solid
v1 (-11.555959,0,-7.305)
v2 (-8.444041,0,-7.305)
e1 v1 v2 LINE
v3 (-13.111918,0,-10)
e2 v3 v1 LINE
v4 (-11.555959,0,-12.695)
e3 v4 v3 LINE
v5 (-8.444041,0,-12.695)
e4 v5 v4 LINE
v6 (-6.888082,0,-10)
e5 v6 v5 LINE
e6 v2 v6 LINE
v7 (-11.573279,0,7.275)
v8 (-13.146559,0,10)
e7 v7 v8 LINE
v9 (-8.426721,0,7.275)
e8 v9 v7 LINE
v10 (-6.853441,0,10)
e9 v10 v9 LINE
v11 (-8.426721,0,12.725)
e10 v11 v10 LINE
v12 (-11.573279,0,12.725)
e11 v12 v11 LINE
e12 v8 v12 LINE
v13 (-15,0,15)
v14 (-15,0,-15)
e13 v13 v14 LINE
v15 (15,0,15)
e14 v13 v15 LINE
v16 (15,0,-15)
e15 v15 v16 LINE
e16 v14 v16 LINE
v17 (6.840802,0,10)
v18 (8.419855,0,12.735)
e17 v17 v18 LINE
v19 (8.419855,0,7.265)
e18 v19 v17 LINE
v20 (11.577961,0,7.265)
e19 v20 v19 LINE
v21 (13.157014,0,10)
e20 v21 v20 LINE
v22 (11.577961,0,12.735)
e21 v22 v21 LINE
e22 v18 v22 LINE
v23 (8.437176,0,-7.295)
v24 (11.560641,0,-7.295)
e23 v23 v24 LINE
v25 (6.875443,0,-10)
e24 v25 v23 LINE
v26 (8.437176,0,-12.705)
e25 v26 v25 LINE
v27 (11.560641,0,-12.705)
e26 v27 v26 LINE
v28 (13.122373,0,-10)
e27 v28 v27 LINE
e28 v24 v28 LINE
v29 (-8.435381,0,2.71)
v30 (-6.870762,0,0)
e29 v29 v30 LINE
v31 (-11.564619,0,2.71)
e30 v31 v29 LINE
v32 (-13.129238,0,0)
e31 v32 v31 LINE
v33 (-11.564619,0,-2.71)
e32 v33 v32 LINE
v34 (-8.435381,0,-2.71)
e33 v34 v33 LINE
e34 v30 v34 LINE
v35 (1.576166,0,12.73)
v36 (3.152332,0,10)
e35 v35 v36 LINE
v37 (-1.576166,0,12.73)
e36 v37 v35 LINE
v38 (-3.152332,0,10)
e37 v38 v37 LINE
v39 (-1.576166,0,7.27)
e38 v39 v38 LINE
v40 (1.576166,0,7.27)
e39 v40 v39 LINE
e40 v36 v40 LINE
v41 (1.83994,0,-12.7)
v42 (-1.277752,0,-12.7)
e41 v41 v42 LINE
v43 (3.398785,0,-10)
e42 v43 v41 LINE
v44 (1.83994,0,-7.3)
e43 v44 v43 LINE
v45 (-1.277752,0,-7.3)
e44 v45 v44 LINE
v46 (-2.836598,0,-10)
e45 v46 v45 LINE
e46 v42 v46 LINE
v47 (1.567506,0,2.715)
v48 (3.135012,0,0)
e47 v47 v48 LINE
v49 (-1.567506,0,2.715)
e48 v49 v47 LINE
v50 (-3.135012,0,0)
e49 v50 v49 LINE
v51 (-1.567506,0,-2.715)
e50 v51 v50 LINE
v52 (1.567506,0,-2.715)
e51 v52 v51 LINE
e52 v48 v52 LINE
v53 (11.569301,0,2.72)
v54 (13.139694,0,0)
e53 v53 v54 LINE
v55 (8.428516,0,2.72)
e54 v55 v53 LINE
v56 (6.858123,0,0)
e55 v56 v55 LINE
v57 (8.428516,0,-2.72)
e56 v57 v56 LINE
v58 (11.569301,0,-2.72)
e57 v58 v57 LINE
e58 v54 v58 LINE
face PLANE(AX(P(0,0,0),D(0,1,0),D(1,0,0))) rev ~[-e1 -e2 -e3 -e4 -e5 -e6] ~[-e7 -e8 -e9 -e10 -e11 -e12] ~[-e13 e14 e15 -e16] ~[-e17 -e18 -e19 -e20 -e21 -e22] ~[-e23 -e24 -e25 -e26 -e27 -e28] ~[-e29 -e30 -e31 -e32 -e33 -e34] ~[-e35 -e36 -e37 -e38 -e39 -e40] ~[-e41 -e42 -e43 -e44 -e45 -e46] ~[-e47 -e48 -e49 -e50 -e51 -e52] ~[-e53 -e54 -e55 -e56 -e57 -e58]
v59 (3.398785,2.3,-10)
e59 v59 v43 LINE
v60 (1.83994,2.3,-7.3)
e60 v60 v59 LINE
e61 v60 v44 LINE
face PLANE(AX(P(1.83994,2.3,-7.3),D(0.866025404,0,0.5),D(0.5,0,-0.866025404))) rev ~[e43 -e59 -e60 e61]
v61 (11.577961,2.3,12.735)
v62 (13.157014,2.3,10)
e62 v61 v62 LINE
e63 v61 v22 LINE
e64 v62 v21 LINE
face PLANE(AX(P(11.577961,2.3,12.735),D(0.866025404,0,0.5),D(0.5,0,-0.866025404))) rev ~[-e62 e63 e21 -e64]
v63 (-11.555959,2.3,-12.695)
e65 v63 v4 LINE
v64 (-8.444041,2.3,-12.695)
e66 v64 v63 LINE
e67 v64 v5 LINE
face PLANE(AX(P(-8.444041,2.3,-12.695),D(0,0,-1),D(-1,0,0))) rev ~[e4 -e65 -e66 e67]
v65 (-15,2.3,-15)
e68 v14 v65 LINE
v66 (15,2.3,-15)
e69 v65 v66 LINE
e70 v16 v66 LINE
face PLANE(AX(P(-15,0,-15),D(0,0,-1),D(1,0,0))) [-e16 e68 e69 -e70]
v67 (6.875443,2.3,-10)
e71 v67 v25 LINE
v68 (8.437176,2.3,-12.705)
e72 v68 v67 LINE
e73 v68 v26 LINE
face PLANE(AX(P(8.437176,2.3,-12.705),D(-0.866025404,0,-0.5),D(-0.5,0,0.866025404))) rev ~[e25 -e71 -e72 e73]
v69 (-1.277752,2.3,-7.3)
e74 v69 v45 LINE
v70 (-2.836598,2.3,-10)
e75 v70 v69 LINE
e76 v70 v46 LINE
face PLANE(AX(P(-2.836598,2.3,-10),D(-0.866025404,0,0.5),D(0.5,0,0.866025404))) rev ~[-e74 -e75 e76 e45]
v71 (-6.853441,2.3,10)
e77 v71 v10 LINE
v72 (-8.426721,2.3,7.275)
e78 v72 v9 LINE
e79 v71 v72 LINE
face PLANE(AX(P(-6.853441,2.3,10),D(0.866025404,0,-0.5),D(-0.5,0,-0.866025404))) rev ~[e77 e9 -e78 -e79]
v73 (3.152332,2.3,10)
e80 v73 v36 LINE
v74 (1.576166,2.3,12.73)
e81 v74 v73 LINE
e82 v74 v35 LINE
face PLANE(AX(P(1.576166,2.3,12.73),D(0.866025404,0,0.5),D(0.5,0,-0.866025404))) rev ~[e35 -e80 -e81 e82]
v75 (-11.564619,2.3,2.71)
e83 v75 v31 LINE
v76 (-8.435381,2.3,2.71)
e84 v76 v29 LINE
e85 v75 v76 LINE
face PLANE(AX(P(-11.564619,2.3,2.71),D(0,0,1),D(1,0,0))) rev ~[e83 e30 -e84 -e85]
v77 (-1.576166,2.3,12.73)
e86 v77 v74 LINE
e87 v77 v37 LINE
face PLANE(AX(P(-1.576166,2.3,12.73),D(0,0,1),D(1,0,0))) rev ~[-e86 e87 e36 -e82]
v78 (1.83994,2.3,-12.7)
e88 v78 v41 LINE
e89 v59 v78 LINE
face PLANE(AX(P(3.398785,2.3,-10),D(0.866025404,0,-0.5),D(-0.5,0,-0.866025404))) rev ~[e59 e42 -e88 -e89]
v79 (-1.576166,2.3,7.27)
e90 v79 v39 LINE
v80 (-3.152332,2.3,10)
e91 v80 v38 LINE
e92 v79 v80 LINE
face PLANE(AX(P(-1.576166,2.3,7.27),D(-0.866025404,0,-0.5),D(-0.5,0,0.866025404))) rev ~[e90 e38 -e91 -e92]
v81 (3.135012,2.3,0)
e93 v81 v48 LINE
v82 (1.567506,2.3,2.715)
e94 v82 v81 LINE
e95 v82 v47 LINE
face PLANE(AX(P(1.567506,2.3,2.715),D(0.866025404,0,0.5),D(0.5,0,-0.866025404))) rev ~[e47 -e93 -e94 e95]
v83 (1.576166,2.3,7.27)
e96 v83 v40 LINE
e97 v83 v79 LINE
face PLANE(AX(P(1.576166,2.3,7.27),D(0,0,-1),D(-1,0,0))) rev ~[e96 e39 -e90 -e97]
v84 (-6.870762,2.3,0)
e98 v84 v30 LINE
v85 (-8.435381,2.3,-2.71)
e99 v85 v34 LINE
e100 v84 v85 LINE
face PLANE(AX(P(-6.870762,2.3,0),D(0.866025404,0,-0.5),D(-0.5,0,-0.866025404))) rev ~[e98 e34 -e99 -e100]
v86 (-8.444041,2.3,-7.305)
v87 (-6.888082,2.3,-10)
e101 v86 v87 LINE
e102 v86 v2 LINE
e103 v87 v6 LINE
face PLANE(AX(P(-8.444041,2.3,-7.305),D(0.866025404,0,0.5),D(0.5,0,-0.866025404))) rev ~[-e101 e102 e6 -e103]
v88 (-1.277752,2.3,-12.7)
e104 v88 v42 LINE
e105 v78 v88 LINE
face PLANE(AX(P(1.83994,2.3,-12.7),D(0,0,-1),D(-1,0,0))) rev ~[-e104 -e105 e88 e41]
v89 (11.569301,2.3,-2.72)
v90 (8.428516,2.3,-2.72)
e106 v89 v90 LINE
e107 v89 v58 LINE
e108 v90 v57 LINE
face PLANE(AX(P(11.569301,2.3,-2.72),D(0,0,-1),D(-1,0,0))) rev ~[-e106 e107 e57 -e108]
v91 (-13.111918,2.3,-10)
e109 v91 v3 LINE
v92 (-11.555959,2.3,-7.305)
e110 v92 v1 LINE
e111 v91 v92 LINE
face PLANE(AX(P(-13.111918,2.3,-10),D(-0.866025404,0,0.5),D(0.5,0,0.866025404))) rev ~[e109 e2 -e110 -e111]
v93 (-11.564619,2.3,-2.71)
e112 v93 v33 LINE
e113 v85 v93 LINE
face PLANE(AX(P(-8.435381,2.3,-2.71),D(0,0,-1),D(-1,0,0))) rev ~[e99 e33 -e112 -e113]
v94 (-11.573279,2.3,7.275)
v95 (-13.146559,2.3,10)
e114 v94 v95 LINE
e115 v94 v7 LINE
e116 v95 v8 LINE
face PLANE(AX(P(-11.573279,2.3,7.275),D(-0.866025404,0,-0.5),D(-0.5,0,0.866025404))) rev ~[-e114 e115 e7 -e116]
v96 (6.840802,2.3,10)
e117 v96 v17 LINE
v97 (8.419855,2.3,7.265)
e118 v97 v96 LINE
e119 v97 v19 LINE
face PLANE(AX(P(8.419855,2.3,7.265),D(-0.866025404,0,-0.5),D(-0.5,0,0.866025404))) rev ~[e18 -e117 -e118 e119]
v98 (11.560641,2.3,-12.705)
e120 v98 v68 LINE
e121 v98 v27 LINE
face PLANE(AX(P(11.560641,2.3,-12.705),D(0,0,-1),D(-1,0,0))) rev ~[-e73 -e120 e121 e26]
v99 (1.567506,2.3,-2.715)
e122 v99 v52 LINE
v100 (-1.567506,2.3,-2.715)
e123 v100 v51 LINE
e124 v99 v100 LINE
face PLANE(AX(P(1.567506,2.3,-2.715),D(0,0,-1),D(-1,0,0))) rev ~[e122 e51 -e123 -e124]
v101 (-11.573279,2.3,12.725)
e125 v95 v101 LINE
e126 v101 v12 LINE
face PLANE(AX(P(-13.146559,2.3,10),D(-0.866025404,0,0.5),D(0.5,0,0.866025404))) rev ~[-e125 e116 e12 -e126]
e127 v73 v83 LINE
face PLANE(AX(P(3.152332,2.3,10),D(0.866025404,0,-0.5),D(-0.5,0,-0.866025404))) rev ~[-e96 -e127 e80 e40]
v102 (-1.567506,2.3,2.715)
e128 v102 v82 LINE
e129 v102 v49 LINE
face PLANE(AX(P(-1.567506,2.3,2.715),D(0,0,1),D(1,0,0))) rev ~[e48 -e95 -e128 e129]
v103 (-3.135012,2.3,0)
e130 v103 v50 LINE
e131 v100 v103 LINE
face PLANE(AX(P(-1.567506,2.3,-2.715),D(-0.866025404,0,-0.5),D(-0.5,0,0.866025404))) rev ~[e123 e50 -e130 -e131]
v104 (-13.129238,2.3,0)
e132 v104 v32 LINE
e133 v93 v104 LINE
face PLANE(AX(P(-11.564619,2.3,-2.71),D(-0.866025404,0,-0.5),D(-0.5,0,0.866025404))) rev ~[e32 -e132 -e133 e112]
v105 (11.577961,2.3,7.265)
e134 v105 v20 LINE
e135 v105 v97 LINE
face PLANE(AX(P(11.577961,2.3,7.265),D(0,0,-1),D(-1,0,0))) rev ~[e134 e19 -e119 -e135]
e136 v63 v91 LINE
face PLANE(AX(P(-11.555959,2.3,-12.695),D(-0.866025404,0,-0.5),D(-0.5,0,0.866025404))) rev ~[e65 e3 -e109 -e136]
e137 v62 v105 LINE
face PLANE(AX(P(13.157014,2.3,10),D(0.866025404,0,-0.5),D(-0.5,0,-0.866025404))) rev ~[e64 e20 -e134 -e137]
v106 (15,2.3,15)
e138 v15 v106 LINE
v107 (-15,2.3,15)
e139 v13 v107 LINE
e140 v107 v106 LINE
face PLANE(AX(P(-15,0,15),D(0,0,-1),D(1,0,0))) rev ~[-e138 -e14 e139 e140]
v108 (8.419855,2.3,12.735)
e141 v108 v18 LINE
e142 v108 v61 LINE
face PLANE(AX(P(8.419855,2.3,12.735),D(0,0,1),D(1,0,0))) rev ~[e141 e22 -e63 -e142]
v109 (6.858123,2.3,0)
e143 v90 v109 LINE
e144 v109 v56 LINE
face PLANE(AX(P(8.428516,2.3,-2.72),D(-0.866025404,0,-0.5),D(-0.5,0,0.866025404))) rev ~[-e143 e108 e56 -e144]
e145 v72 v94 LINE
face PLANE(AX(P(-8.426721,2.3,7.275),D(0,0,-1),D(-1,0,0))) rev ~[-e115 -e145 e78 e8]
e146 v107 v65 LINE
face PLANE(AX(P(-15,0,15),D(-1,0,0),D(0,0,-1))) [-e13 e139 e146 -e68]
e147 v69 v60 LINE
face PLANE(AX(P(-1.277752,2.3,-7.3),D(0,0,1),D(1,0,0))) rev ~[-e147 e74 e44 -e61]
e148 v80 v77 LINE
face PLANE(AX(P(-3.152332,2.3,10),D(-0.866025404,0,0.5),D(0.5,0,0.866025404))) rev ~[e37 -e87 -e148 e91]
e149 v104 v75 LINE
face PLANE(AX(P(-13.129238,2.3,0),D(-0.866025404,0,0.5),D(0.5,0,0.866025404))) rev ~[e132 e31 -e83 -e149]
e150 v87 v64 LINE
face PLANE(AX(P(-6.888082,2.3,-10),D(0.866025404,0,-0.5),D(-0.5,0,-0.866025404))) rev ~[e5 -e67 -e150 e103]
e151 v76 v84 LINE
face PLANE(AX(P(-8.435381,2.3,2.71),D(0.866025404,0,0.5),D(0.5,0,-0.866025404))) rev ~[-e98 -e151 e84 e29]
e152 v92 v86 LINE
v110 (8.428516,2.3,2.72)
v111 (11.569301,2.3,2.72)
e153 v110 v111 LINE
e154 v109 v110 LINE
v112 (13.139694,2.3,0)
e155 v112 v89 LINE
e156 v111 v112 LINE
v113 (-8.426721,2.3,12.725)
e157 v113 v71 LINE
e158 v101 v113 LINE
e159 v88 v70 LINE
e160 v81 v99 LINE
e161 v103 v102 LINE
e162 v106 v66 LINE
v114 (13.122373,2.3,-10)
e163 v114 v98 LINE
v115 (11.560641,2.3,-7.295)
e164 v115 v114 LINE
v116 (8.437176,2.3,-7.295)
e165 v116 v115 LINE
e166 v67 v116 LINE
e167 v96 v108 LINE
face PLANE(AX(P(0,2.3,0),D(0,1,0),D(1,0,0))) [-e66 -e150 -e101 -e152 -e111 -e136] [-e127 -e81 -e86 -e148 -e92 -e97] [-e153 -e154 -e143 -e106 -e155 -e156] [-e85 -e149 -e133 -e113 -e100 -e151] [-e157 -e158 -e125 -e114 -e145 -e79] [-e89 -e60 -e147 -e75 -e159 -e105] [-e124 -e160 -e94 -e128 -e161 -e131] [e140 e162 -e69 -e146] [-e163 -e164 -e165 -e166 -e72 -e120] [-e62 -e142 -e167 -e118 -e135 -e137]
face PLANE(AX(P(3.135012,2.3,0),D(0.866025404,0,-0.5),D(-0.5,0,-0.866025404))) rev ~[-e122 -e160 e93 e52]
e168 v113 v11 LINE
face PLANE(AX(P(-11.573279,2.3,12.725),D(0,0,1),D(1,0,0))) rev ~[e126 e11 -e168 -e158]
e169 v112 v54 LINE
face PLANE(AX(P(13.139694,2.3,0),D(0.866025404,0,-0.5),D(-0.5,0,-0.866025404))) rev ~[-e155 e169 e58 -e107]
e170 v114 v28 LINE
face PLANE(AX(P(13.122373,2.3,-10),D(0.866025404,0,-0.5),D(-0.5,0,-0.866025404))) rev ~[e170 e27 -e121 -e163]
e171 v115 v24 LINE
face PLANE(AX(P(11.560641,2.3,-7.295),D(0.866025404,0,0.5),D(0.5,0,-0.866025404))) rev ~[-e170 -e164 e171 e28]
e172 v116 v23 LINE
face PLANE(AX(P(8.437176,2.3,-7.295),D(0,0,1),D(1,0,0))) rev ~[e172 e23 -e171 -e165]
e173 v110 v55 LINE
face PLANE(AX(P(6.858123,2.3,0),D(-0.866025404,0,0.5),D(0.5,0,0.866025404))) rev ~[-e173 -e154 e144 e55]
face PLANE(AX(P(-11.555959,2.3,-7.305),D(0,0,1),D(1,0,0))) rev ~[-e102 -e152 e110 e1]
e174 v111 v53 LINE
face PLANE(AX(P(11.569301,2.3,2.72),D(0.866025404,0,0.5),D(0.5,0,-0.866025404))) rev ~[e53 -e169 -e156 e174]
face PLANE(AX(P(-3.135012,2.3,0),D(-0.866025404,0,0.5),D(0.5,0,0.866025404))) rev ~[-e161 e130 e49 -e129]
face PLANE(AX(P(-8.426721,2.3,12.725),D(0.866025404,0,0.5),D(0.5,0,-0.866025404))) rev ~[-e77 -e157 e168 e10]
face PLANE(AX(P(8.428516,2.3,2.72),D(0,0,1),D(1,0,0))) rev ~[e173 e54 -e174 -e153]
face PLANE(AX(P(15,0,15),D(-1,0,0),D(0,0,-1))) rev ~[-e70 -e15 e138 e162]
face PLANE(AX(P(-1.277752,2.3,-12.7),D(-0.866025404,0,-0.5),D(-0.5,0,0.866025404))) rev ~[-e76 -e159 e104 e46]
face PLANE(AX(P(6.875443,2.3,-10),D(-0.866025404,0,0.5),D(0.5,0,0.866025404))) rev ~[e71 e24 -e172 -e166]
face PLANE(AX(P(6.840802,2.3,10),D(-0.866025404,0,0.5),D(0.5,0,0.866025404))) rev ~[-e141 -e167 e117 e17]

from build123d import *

# Parameters (mm, degrees)
SKETCH1_W           = 30
SKETCH1_H           = 30
BOSS_EXTRUDE1_DEPTH = 2.3
CUT_EXTRUDE3_DEPTH  = 2.3


with BuildPart() as part:
    # Sketch1 → Boss-Extrude1 (new body)
    with BuildSketch(Plane(origin=(0, 0, 0), x_dir=(1, 0, 0), z_dir=(0, 1, 0))):
        Rectangle(SKETCH1_W, SKETCH1_H)
    extrude(amount=BOSS_EXTRUDE1_DEPTH)

    # Sketch2 → Cut-Extrude3 (cut)
    with BuildSketch(Plane(origin=(0, 2.3, 0), x_dir=(1, 0, 0), z_dir=(0, 1, 0))):
        Polygon((3.135011962, 0), (1.567505981, 2.715), (-1.567505981, 2.715), (-3.135011962, 0), (-1.567505981, -2.715), (1.567505981, -2.715), align=None)
        Polygon((-6.888082049, 10), (-8.444041025, 12.695), (-11.555958975, 12.695), (-13.111917951, 10), (-11.555958975, 7.305), (-8.444041025, 7.305), align=None)
        Polygon((3.39878526, 10), (1.839939533, 12.7), (-1.277751921, 12.7), (-2.836597647, 10), (-1.277751921, 7.3), (1.839939533, 7.3), align=None)
        Polygon((13.122373208, 10), (11.56064073, 12.705), (8.437175774, 12.705), (6.875443295, 10), (8.437175774, 7.295), (11.56064073, 7.295), align=None)
        Polygon((13.139693716, 0), (11.569300984, 2.72), (8.42851552, 2.72), (6.858122787, 0), (8.42851552, -2.72), (11.569300984, -2.72), align=None)
        Polygon((13.157014224, -10), (11.577961238, -7.265), (8.419855266, -7.265), (6.840802279, -10), (8.419855266, -12.735), (11.577961238, -12.735), align=None)
        Polygon((3.15233247, -10), (1.576166235, -7.27), (-1.576166235, -7.27), (-3.15233247, -10), (-1.576166235, -12.73), (1.576166235, -12.73), align=None)
        Polygon((-6.853441033, -10), (-8.426720516, -7.275), (-11.573279484, -7.275), (-13.146558967, -10), (-11.573279484, -12.725), (-8.426720516, -12.725), align=None)
        Polygon((-6.870761541, 0), (-8.43538077, 2.71), (-11.56461923, 2.71), (-13.129238459, 0), (-11.56461923, -2.71), (-8.43538077, -2.71), align=None)
    extrude(amount=-CUT_EXTRUDE3_DEPTH, mode=Mode.SUBTRACT)


solid = part.part
